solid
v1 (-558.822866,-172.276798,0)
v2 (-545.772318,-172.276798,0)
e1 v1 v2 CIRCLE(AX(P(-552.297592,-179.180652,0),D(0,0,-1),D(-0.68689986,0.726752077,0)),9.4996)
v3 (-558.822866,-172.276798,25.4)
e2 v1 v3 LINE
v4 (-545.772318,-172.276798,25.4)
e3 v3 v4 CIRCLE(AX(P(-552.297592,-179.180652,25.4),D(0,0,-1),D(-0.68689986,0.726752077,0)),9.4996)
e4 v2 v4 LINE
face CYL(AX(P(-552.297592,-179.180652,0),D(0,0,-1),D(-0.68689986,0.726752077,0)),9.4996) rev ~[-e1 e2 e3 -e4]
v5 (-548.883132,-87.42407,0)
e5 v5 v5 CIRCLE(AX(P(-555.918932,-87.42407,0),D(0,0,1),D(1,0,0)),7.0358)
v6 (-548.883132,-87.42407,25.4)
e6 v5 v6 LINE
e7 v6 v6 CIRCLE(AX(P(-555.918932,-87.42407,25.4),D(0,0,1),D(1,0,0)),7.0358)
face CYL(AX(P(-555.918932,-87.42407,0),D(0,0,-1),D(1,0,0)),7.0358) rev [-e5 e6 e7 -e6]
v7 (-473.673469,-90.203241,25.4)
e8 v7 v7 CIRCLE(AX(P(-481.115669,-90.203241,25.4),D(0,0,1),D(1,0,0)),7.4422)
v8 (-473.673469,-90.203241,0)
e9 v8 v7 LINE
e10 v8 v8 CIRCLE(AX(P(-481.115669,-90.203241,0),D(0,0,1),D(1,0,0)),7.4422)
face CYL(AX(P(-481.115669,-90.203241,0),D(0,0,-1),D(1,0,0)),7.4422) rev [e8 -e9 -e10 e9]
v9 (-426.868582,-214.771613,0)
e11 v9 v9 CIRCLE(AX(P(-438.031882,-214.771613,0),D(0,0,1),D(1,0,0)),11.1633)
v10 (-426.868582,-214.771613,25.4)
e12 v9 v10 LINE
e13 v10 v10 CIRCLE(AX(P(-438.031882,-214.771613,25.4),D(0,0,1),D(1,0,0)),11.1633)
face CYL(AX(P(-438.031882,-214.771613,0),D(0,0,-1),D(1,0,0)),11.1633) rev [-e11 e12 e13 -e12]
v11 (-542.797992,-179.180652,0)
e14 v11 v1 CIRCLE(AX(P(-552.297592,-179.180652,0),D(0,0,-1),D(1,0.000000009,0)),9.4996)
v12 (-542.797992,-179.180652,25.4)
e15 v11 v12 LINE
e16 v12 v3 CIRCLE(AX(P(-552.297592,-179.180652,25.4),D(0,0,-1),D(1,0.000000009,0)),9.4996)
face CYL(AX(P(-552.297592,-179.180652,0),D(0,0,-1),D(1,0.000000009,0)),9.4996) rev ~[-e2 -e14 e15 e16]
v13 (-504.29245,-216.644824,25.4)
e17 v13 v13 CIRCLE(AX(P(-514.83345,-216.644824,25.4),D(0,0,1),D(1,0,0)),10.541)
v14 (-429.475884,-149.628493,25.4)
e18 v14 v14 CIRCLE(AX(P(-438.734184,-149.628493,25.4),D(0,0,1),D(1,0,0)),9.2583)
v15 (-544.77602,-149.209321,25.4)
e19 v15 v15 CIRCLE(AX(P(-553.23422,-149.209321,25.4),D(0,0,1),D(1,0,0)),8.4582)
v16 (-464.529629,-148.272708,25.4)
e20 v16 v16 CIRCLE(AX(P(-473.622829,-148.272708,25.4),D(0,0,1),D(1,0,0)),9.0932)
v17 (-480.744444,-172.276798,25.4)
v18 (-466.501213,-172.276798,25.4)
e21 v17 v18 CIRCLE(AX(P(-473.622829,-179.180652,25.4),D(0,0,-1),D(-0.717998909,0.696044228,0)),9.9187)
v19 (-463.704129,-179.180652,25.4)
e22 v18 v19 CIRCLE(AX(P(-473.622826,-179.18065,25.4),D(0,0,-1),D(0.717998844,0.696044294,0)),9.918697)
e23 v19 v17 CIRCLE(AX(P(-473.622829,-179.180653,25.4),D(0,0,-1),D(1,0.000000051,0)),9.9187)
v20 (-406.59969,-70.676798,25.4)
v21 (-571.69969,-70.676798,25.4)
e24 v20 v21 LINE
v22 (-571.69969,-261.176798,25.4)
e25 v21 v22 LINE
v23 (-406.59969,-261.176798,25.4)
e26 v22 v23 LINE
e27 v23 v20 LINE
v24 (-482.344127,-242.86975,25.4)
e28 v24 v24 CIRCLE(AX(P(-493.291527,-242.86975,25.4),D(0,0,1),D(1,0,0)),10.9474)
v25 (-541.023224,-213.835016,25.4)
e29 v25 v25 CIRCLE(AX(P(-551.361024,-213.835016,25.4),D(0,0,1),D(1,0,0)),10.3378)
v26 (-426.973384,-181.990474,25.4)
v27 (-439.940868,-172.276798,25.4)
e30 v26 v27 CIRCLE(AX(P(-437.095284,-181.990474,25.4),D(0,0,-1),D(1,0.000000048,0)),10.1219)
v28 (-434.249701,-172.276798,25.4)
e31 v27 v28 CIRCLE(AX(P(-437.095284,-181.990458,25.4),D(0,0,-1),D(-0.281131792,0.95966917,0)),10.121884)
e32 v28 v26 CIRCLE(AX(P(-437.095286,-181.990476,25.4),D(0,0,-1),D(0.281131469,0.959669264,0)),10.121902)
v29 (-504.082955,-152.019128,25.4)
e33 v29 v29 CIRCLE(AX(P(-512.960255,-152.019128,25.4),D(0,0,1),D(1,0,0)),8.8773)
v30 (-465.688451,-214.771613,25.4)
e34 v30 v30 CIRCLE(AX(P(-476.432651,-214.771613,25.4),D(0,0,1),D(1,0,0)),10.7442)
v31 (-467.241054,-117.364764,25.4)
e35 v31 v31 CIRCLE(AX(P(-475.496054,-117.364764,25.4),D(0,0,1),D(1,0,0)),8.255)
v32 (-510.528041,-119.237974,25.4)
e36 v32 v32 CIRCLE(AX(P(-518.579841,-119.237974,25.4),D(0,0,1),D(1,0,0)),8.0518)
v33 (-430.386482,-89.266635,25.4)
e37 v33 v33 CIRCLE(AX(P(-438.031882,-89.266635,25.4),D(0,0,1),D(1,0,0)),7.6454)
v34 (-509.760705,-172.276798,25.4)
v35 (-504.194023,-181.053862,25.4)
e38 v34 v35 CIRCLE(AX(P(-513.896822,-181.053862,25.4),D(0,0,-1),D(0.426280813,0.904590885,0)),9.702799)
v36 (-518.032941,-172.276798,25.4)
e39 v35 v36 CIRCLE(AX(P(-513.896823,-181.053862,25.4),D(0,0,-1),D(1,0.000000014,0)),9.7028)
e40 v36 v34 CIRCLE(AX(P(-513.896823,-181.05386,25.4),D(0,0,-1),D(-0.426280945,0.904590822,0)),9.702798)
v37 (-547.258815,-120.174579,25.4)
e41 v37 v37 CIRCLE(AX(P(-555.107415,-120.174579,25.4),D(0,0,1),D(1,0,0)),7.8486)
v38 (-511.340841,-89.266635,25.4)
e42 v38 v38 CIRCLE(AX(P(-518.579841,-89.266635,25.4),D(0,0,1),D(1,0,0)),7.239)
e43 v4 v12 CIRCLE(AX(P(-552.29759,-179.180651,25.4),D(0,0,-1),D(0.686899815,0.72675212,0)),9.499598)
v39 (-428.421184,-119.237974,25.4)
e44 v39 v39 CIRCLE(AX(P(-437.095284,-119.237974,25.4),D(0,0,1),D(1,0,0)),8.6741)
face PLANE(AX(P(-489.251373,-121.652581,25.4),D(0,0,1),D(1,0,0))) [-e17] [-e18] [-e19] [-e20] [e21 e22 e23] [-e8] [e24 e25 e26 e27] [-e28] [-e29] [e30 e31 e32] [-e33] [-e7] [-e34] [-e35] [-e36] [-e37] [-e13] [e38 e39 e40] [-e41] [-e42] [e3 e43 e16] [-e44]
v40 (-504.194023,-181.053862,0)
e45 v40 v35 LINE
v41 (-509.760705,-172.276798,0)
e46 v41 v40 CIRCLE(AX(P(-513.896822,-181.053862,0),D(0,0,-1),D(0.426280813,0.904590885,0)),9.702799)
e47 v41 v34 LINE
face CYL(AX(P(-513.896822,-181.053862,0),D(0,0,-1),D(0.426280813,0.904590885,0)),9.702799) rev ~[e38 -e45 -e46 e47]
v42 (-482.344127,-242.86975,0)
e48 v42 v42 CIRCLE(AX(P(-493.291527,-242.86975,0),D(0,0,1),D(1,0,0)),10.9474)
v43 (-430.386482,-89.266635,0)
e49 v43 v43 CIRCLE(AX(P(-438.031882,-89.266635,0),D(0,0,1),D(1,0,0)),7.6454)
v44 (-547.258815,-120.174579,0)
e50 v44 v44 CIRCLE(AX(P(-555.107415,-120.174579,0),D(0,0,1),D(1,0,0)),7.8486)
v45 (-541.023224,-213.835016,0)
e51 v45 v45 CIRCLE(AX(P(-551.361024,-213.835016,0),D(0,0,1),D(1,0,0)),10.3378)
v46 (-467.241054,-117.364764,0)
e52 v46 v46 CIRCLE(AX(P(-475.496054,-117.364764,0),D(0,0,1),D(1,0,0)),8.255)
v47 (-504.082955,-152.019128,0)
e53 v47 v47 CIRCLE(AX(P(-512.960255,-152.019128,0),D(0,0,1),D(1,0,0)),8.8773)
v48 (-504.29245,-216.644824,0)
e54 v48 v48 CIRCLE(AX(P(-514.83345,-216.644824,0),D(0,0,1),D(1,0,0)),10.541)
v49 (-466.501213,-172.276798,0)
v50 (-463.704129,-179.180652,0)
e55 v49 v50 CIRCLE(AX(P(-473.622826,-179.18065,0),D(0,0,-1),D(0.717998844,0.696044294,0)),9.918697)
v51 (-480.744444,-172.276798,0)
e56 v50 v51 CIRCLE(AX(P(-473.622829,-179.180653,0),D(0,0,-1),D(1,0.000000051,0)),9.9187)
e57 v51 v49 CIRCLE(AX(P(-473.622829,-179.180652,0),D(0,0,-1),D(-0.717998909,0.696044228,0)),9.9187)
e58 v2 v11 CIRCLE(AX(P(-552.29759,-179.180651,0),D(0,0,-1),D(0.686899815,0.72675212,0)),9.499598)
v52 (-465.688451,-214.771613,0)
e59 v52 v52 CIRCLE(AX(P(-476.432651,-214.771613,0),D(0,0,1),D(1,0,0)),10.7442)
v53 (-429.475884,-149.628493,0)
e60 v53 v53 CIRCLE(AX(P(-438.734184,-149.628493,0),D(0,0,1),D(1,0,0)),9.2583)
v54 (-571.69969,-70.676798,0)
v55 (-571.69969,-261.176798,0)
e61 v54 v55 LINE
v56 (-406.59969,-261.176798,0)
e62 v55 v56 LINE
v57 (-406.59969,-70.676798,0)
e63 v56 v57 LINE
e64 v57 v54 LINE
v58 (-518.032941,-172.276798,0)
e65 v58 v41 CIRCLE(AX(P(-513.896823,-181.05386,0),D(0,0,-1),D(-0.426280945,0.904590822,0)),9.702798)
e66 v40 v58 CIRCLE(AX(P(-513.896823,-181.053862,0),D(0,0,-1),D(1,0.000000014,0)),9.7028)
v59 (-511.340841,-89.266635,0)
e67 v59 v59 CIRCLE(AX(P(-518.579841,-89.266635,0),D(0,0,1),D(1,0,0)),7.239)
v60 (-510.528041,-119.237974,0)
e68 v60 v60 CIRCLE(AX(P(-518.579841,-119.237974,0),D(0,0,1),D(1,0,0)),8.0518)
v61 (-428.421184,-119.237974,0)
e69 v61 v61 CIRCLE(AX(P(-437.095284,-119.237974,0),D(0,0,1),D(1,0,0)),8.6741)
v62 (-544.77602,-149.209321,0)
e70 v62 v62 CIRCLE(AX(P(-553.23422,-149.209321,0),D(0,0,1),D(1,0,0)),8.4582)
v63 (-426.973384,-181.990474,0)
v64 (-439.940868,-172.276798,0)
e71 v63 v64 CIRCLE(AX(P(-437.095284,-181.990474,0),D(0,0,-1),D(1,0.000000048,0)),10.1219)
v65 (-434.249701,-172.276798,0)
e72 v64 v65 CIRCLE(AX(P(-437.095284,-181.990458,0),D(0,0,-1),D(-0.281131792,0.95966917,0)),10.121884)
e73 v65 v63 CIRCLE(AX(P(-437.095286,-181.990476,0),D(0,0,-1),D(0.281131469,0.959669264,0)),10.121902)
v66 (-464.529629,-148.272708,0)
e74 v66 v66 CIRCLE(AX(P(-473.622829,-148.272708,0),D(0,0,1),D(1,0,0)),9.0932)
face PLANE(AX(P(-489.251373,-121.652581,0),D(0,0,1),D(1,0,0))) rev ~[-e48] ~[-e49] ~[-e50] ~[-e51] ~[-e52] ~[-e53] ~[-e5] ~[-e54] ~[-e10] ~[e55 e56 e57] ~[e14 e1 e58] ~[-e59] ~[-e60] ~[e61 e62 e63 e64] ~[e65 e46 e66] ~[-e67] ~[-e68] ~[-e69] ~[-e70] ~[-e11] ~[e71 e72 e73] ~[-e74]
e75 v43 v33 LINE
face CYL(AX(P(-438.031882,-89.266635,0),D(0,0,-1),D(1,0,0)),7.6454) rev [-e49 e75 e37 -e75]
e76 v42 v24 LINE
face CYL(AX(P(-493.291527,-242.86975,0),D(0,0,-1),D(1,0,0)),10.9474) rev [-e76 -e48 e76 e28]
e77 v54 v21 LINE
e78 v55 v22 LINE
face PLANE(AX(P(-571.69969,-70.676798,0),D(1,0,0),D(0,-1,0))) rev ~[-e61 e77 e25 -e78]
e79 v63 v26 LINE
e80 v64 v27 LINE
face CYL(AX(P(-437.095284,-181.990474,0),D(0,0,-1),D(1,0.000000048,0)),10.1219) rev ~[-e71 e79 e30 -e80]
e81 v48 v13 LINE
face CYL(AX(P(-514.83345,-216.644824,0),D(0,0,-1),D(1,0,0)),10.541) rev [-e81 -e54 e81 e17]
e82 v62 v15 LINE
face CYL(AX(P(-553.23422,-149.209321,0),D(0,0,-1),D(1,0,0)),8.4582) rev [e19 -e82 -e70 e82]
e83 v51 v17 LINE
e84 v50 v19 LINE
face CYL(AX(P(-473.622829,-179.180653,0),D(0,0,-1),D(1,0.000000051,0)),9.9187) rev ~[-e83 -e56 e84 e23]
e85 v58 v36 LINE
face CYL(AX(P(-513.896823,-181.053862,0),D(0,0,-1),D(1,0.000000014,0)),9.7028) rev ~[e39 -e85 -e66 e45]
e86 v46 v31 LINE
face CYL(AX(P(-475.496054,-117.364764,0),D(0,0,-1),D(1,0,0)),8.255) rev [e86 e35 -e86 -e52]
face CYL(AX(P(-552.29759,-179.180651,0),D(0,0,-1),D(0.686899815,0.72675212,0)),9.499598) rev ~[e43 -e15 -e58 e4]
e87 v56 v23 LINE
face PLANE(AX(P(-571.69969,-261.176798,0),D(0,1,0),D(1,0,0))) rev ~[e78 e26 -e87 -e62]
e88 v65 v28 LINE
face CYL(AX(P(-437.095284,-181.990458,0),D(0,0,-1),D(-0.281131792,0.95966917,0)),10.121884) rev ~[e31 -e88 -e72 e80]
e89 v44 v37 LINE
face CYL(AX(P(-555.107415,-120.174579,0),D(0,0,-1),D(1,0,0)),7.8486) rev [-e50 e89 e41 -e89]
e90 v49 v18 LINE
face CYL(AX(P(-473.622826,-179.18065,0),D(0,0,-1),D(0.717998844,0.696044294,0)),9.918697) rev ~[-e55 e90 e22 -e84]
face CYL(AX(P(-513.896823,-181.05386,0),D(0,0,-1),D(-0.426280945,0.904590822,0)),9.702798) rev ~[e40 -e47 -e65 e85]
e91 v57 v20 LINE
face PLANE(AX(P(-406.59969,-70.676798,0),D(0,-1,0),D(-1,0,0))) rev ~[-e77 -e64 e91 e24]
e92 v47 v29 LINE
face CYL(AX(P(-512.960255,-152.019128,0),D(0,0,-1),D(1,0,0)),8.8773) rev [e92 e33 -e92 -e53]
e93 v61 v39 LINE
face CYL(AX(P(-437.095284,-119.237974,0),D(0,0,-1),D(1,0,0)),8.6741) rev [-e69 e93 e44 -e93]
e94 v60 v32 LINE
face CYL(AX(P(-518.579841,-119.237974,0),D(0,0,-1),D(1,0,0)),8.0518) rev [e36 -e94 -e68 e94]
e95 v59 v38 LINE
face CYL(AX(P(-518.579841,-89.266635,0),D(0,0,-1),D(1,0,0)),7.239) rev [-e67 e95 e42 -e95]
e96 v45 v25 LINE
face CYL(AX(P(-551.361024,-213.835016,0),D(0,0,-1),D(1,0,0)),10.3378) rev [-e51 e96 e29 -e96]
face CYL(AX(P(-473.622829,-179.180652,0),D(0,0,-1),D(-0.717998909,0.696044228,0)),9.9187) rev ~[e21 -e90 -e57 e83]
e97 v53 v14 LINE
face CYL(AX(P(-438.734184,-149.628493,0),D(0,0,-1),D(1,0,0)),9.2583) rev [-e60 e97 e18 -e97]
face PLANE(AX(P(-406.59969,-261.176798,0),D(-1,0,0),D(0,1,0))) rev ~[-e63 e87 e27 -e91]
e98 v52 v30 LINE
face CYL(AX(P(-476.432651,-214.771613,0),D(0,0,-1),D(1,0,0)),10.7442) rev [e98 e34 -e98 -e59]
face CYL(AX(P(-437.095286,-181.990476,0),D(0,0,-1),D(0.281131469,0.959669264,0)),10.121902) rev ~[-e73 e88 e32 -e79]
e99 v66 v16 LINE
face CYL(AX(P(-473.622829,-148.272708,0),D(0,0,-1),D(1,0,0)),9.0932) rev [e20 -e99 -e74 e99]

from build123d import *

# Parameters (mm, degrees)
F0_R     = 8.4582
F0_R_2   = 7.8486
F0_R_3   = 8.8773
F0_R_4   = 8.0518
F0_R_5   = 7.0358
F0_R_6   = 7.239
F0_R_7   = 9.0932
F0_R_8   = 9.2583
F0_R_9   = 8.6741
F0_R_10  = 8.255
F0_R_11  = 7.4422
F0_R_12  = 7.6454
F0_R_13  = 10.3378
F0_R_14  = 10.9474
F0_R_15  = 10.541
F0_R_16  = 10.7442
F0_R_17  = 11.1633
F1_DEPTH = 25.4


with BuildPart() as f1:
    # F0 (on Top) → F1 (new body)
    with BuildSketch(Plane.XY):
        with BuildLine():
            Line((-406.59969, -70.676798), (-571.69969, -70.676798))
            Line((-571.69969, -70.676798), (-571.69969, -172.276798))
            Line((-571.69969, -172.276798), (-558.822866, -172.276798))
            ThreePointArc((-558.822866, -172.276798), (-552.297592, -169.681052), (-545.772318, -172.276798))
            Line((-545.772318, -172.276798), (-518.032941, -172.276798))
            ThreePointArc((-518.032941, -172.276798), (-513.896823, -171.351062), (-509.760705, -172.276798))
            Line((-509.760705, -172.276798), (-480.744444, -172.276798))
            ThreePointArc((-480.744444, -172.276798), (-473.622829, -169.261952), (-466.501213, -172.276798))
            Line((-466.501213, -172.276798), (-439.940868, -172.276798))
            ThreePointArc((-439.940868, -172.276798), (-437.095284, -171.868574), (-434.249701, -172.276798))
            Line((-434.249701, -172.276798), (-406.59969, -172.276798))
            Line((-406.59969, -172.276798), (-406.59969, -70.676798))
        make_face()
        with Locations((-553.23422, -149.209321)):
            Circle(F0_R, mode=Mode.SUBTRACT)
        with Locations((-555.107415, -120.174579)):
            Circle(F0_R_2, mode=Mode.SUBTRACT)
        with Locations((-512.960255, -152.019128)):
            Circle(F0_R_3, mode=Mode.SUBTRACT)
        with Locations((-518.579841, -119.237974)):
            Circle(F0_R_4, mode=Mode.SUBTRACT)
        with Locations((-555.918932, -87.42407)):
            Circle(F0_R_5, mode=Mode.SUBTRACT)
        with Locations((-518.579841, -89.266635)):
            Circle(F0_R_6, mode=Mode.SUBTRACT)
        with Locations((-473.622829, -148.272708)):
            Circle(F0_R_7, mode=Mode.SUBTRACT)
        with Locations((-438.734184, -149.628493)):
            Circle(F0_R_8, mode=Mode.SUBTRACT)
        with Locations((-437.095284, -119.237974)):
            Circle(F0_R_9, mode=Mode.SUBTRACT)
        with Locations((-475.496054, -117.364764)):
            Circle(F0_R_10, mode=Mode.SUBTRACT)
        with Locations((-481.115669, -90.203241)):
            Circle(F0_R_11, mode=Mode.SUBTRACT)
        with Locations((-438.031882, -89.266635)):
            Circle(F0_R_12, mode=Mode.SUBTRACT)
        with BuildLine():
            Line((-558.822866, -172.276798), (-571.69969, -172.276798))
            Line((-571.69969, -172.276798), (-571.69969, -261.176798))
            Line((-571.69969, -261.176798), (-406.59969, -261.176798))
            Line((-406.59969, -261.176798), (-406.59969, -172.276798))
            Line((-406.59969, -172.276798), (-434.249701, -172.276798))
            ThreePointArc((-434.249701, -172.276798), (-428.994187, -175.922108), (-426.973384, -181.990474))
            ThreePointArc((-426.973384, -181.990474), (-443.163651, -190.091572), (-439.940868, -172.276798))
            Line((-439.940868, -172.276798), (-466.501213, -172.276798))
            ThreePointArc((-466.501213, -172.276798), (-464.429957, -175.456176), (-463.704129, -179.180652))
            ThreePointArc((-463.704129, -179.180652), (-477.347305, -188.373524), (-480.744444, -172.276798))
            Line((-480.744444, -172.276798), (-509.760705, -172.276798))
            ThreePointArc((-509.760705, -172.276798), (-505.703037, -175.857113), (-504.194023, -181.053862))
            ThreePointArc((-504.194023, -181.053862), (-519.093572, -189.247648), (-518.032941, -172.276798))
            Line((-518.032941, -172.276798), (-545.772318, -172.276798))
            ThreePointArc((-545.772318, -172.276798), (-543.573204, -175.422001), (-542.797992, -179.180652))
            ThreePointArc((-542.797992, -179.180652), (-556.056243, -187.90504), (-558.822866, -172.276798))
        make_face()
        with Locations((-551.361024, -213.835016)):
            Circle(F0_R_13, mode=Mode.SUBTRACT)
        with Locations((-493.291527, -242.86975)):
            Circle(F0_R_14, mode=Mode.SUBTRACT)
        with Locations((-514.83345, -216.644824)):
            Circle(F0_R_15, mode=Mode.SUBTRACT)
        with Locations((-476.432651, -214.771613)):
            Circle(F0_R_16, mode=Mode.SUBTRACT)
        with Locations((-438.031882, -214.771613)):
            Circle(F0_R_17, mode=Mode.SUBTRACT)
    extrude(amount=F1_DEPTH)


solid = f1.part
